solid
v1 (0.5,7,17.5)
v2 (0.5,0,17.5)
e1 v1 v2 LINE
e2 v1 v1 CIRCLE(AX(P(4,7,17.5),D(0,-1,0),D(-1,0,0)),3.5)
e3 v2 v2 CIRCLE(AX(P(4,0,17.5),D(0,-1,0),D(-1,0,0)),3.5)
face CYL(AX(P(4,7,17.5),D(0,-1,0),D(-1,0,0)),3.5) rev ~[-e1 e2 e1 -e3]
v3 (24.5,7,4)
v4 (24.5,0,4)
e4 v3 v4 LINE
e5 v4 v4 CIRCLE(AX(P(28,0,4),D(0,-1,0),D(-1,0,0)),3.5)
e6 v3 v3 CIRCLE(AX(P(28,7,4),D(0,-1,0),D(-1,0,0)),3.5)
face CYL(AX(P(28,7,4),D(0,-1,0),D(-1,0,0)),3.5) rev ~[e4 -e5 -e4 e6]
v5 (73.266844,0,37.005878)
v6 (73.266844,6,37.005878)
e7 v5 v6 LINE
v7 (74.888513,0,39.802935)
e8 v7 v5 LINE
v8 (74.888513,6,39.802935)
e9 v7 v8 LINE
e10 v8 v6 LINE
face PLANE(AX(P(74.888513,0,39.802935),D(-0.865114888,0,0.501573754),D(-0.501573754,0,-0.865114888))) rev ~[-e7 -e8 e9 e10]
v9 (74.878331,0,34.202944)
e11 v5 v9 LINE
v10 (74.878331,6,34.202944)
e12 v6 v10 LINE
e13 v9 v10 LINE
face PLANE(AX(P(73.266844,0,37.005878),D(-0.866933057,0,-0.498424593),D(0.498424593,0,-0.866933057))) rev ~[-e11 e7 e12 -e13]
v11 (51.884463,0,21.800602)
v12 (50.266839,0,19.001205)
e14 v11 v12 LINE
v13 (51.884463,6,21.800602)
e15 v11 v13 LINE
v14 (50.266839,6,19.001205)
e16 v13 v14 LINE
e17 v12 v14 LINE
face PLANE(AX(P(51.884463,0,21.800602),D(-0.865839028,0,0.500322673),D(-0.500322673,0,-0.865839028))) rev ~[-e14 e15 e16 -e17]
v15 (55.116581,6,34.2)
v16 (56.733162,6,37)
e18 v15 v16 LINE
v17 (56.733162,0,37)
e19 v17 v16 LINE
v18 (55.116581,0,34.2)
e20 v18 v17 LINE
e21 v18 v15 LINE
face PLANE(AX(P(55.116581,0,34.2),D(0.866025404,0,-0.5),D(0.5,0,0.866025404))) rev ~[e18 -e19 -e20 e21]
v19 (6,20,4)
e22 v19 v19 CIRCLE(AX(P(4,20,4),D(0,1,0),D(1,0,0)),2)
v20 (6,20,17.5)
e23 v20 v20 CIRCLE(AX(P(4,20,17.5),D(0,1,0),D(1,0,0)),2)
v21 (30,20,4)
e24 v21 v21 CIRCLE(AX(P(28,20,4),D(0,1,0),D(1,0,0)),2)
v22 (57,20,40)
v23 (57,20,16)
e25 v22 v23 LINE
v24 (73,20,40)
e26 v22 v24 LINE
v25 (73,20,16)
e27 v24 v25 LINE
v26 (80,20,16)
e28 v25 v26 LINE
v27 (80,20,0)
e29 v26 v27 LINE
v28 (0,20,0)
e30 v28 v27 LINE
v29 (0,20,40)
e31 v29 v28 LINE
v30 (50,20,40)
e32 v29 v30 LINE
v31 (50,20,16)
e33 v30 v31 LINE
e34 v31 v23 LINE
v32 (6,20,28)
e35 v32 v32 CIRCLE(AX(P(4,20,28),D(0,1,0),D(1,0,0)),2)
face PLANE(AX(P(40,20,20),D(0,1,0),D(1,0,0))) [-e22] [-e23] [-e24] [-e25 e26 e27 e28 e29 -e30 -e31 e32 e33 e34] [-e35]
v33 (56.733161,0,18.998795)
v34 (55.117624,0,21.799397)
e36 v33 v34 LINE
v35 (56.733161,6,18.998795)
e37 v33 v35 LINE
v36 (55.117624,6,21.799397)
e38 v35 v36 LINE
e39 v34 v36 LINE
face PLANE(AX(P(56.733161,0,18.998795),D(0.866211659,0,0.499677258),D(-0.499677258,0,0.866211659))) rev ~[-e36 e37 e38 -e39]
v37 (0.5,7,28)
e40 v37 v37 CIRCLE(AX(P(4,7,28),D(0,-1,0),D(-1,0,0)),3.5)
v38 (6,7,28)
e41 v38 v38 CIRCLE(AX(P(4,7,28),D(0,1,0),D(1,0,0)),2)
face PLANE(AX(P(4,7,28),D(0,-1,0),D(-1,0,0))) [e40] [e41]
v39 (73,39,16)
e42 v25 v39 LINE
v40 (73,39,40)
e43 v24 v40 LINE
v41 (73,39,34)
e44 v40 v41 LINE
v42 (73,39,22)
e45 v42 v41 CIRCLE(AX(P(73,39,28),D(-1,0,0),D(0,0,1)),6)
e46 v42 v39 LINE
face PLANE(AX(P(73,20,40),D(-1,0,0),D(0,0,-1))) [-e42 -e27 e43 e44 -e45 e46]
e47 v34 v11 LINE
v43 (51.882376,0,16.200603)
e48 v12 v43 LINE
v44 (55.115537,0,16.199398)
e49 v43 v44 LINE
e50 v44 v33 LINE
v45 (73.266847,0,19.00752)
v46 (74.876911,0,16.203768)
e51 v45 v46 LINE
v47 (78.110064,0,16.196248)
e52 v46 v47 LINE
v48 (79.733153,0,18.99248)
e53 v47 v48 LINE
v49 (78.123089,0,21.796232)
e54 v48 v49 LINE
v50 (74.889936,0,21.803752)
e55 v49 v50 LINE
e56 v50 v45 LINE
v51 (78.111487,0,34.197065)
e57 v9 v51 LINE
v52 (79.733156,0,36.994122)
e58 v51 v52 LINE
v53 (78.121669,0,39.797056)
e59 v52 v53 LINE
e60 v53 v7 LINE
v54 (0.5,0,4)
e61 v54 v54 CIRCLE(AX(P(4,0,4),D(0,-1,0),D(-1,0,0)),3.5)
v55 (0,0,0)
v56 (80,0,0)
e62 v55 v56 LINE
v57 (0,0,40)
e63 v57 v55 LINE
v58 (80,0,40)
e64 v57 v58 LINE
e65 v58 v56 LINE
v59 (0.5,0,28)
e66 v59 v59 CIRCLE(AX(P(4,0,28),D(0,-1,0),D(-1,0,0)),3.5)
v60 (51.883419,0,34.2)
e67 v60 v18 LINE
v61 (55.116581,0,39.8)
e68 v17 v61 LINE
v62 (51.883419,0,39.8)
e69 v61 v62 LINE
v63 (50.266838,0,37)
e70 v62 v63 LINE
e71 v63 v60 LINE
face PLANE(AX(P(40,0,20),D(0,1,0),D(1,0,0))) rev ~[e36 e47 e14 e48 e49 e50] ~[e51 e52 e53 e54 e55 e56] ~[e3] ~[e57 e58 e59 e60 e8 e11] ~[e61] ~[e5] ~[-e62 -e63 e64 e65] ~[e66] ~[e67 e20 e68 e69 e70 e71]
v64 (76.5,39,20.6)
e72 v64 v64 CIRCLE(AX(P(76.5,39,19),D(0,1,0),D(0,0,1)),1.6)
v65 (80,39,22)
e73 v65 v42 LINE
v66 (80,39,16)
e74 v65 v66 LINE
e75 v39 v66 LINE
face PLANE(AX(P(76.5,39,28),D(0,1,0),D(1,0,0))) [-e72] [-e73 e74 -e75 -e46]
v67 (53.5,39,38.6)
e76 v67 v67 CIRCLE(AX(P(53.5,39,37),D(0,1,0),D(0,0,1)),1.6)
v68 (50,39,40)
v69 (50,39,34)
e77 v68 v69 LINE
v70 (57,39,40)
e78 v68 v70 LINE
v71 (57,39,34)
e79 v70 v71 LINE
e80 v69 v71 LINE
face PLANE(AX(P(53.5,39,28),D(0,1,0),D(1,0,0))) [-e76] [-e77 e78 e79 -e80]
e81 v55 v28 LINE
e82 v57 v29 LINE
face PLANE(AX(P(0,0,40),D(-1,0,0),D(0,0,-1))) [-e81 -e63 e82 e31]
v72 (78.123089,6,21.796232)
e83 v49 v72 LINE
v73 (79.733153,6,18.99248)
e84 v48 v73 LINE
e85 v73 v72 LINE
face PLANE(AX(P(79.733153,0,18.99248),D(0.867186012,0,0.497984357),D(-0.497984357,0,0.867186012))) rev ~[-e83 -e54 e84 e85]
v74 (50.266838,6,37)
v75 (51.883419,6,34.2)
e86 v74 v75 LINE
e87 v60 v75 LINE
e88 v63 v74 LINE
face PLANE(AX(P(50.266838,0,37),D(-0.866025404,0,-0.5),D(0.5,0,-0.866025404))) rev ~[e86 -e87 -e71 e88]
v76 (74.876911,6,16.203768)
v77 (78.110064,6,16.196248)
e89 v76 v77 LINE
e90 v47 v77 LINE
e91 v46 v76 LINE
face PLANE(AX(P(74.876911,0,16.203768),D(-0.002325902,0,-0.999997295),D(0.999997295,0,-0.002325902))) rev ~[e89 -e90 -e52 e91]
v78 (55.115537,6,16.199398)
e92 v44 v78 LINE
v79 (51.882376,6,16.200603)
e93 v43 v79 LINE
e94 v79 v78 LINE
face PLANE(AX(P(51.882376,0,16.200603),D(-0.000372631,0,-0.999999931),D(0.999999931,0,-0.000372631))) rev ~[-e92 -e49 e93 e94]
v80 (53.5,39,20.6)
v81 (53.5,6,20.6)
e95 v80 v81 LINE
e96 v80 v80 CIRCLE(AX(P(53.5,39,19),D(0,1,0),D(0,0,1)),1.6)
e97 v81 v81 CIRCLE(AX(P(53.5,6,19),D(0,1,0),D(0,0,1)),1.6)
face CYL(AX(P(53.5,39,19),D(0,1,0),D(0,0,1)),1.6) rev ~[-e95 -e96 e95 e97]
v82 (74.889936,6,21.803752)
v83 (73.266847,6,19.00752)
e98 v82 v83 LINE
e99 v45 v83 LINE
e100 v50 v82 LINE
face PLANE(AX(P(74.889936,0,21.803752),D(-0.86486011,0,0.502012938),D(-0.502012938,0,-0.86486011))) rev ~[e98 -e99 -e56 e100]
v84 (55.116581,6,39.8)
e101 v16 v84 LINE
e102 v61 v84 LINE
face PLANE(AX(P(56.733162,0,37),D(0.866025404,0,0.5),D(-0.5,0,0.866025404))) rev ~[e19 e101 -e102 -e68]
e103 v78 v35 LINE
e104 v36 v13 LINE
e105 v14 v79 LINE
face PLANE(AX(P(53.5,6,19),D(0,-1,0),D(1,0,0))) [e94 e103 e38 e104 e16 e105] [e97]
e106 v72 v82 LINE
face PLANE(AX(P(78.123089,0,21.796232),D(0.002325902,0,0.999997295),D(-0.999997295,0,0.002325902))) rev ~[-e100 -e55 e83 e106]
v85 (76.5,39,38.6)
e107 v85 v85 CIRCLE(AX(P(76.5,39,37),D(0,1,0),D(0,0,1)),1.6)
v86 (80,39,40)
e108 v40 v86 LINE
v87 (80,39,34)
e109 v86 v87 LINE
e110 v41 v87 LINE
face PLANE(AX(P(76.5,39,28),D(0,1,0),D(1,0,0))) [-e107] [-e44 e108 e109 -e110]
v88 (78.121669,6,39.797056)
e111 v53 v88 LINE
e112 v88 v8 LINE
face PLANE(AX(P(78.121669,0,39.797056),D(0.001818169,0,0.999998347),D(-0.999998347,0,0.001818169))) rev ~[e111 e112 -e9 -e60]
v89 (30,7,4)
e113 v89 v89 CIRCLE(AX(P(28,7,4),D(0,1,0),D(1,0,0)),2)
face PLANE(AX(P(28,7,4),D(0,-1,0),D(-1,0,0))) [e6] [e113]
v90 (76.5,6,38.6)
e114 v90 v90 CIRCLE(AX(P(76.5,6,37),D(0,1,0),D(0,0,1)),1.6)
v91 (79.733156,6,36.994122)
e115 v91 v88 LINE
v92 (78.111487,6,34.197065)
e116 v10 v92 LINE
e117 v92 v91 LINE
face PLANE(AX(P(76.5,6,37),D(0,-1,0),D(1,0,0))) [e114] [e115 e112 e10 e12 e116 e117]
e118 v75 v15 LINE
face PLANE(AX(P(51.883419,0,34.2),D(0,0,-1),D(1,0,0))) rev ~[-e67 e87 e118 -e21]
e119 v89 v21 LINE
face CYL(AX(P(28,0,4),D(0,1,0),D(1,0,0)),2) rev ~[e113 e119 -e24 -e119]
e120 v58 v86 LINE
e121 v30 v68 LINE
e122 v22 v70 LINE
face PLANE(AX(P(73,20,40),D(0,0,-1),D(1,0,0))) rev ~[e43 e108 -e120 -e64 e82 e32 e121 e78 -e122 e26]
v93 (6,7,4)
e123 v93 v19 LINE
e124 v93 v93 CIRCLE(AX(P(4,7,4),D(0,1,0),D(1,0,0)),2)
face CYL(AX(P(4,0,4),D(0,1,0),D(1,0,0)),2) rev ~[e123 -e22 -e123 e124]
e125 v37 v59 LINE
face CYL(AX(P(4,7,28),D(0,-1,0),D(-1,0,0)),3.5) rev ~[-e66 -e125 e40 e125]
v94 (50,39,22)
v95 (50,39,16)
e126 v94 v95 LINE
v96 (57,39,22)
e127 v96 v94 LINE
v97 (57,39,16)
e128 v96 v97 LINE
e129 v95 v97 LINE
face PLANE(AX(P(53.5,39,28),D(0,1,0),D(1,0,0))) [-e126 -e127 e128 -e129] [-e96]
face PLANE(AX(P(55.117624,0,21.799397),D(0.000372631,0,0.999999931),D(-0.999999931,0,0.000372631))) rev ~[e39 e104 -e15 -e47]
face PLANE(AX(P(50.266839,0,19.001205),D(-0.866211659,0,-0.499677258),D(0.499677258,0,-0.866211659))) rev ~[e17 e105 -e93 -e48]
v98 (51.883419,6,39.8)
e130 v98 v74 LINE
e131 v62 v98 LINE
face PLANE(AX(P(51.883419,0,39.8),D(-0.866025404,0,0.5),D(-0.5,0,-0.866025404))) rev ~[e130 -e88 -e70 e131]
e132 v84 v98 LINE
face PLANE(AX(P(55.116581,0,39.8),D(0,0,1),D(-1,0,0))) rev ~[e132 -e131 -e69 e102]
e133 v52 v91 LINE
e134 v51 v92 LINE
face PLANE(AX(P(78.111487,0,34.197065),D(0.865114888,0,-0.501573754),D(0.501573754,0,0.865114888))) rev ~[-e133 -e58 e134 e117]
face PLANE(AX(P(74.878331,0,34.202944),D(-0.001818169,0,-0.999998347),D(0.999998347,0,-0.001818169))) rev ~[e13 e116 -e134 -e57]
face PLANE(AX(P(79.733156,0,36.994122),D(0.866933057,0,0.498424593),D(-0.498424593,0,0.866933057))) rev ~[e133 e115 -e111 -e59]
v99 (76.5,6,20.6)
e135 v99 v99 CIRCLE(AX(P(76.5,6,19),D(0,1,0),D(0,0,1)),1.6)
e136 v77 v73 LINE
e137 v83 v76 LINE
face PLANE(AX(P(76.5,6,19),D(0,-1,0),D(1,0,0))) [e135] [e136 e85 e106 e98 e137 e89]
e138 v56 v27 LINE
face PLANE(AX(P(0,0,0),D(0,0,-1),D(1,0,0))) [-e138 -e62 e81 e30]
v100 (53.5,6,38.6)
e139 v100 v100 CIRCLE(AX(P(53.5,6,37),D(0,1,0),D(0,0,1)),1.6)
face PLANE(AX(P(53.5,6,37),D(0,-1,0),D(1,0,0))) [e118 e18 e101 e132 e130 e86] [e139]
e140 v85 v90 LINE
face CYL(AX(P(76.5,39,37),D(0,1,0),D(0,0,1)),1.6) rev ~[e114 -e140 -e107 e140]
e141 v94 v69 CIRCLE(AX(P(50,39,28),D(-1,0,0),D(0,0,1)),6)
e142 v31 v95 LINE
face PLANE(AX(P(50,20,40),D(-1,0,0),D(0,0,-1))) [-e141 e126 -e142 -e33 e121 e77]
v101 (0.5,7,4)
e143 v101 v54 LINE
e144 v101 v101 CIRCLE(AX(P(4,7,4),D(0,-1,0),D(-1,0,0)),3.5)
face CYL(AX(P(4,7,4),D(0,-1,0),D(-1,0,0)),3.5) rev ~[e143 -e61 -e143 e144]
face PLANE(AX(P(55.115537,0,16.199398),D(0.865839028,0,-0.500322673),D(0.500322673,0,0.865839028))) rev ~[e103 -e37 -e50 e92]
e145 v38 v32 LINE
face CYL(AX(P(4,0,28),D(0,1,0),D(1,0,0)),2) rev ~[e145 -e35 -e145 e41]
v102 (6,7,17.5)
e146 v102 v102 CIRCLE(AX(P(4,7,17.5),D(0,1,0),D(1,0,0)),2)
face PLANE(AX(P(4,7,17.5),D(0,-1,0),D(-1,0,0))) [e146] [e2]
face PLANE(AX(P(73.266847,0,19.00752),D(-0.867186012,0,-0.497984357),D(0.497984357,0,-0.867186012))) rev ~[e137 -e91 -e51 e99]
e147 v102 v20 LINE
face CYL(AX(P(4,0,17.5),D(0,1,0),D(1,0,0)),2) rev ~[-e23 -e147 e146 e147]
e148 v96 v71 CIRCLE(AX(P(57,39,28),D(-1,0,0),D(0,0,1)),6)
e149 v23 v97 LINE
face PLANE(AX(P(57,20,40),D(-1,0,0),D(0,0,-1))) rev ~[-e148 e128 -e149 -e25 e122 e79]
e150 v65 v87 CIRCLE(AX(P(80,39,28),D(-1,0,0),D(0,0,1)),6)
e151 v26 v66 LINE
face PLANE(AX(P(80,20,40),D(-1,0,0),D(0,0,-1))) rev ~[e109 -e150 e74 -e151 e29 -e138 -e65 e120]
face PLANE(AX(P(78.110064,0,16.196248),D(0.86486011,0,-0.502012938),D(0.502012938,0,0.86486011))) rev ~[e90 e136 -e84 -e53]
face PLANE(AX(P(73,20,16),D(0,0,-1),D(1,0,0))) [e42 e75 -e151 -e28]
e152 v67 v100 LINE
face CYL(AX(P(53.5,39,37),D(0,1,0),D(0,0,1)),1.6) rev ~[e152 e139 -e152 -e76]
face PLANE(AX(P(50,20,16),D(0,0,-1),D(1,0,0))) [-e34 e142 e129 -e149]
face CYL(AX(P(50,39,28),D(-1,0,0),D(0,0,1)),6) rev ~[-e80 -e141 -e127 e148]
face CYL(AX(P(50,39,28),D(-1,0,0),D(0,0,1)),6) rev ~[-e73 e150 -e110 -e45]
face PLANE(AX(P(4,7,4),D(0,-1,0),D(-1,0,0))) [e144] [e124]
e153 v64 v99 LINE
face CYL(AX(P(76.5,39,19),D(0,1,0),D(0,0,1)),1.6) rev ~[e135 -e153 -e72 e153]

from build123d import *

# Parameters (mm, degrees)
SKETCH_1_W                   = 80
SKETCH_1_H                   = 40
EXTRUDE_1_DEPTH              = 20
HOLE_WIZARD_M3_1_D           = 4
HOLE_WIZARD_M3_1_CBORE_D     = 7
HOLE_WIZARD_M3_1_CBORE_DEPTH = 7
SKETCH_6_W                   = 7
SKETCH_6_H                   = 24
EXTRUDE_2_DEPTH              = 19
CUT_EXTRUDE_1_REACH          = 76.973
SKETCH_7_R                   = 6
SKETCH_16_R                  = 1.6
CUT_EXTRUDE_2_DEPTH          = 39
CUT_EXTRUDE_3_DEPTH          = 6


with BuildPart() as part:
    # 草图1 → 凸台-拉伸1 (new body)
    with BuildSketch(Plane(origin=(0, 0, 0), x_dir=(1, 0, 0), z_dir=(0, 1, 0))):
        with Locations((40, -20)):
            Rectangle(SKETCH_1_W, SKETCH_1_H)
    extrude(amount=EXTRUDE_1_DEPTH)

    # M3 六角圆柱头螺钉的柱形沉头孔1 (through all)
    with Locations(Plane(origin=(0, 0, 0), x_dir=(-1, 0, 0), z_dir=(0, -1, 0))):
        with Locations((-4, -4), (-4, -17.5), (-4, -28), (-28, -4)):
            CounterBoreHole(HOLE_WIZARD_M3_1_D / 2, HOLE_WIZARD_M3_1_CBORE_D / 2, HOLE_WIZARD_M3_1_CBORE_DEPTH)

    # 草图6 → 凸台-拉伸2 (add)
    with BuildSketch(Plane(origin=(0, 20, 0), x_dir=(1, 0, 0), z_dir=(0, 1, 0))):
        with Locations((53.5, -28)):
            Rectangle(SKETCH_6_W, SKETCH_6_H)
        with Locations((76.5, -28)):
            Rectangle(SKETCH_6_W, SKETCH_6_H)
    extrude(amount=EXTRUDE_2_DEPTH)

    # 切除-拉伸1: up to this face of the body (flat: up to its plane)
    cut_extrude_1_end = Plane(part.part.faces().sort_by_distance((80, 17.079617834, 22.904458599))[0])
    # 草图7 → 切除-拉伸1 (cut, up to the picked face)
    with BuildSketch(Plane.ZY.offset(-50), mode=Mode.PRIVATE) as cut_extrude_1_sk1:
        with Locations((28, 39)):
            Circle(SKETCH_7_R)
    cut_extrude_1_tool1 = split(extrude(cut_extrude_1_sk1.sketch, amount=-CUT_EXTRUDE_1_REACH, mode=Mode.PRIVATE), bisect_by=cut_extrude_1_end, keep=Keep.BOTH, mode=Mode.PRIVATE)
    add(cut_extrude_1_tool1.solids().sort_by(Axis((50, 39, 28), (1, 0, 0)))[0], mode=Mode.SUBTRACT)

    # 草图16 → 切除-拉伸2 (cut)
    with BuildSketch(Plane(origin=(0, 39, 0), x_dir=(1, 0, 0), z_dir=(0, 1, 0))):
        with Locations(Location((53.5, -37, 0), (0, 0, 270))):
            Circle(SKETCH_16_R)
        with Locations(Location((53.5, -19, 0), (0, 0, 270))):
            Circle(SKETCH_16_R)
        with Locations(Location((76.5, -19, 0), (0, 0, 270))):
            Circle(SKETCH_16_R)
        with Locations(Location((76.5, -37, 0), (0, 0, 270))):
            Circle(SKETCH_16_R)
    extrude(amount=-CUT_EXTRUDE_2_DEPTH, mode=Mode.SUBTRACT)

    # 草图17 → 切除-拉伸3 (cut)
    with BuildSketch(Plane.XZ):
        Polygon((56.733161507, 37), (55.116580754, 39.8), (51.883419246, 39.8), (50.266838493, 37), (51.883419246, 34.2), (55.116580754, 34.2), align=None)
        Polygon((73.266843837, 37.005878434), (74.878331045, 34.202943845), (78.111487208, 34.197065411), (79.733156163, 36.994121566), (78.121668955, 39.797056155), (74.888512792, 39.802934589), align=None)
        Polygon((56.733161283, 18.998795225), (55.117624008, 21.799397418), (51.884462725, 21.800602193), (50.266838717, 19.001204775), (51.882375992, 16.200602582), (55.115537275, 16.199397807), align=None)
        Polygon((79.733152762, 18.992479982), (78.123088908, 21.796232417), (74.889936146, 21.803752435), (73.266847238, 19.007520018), (74.876911092, 16.203767583), (78.110063854, 16.196247565), align=None)
    extrude(amount=-CUT_EXTRUDE_3_DEPTH, mode=Mode.SUBTRACT)


solid = part.part
